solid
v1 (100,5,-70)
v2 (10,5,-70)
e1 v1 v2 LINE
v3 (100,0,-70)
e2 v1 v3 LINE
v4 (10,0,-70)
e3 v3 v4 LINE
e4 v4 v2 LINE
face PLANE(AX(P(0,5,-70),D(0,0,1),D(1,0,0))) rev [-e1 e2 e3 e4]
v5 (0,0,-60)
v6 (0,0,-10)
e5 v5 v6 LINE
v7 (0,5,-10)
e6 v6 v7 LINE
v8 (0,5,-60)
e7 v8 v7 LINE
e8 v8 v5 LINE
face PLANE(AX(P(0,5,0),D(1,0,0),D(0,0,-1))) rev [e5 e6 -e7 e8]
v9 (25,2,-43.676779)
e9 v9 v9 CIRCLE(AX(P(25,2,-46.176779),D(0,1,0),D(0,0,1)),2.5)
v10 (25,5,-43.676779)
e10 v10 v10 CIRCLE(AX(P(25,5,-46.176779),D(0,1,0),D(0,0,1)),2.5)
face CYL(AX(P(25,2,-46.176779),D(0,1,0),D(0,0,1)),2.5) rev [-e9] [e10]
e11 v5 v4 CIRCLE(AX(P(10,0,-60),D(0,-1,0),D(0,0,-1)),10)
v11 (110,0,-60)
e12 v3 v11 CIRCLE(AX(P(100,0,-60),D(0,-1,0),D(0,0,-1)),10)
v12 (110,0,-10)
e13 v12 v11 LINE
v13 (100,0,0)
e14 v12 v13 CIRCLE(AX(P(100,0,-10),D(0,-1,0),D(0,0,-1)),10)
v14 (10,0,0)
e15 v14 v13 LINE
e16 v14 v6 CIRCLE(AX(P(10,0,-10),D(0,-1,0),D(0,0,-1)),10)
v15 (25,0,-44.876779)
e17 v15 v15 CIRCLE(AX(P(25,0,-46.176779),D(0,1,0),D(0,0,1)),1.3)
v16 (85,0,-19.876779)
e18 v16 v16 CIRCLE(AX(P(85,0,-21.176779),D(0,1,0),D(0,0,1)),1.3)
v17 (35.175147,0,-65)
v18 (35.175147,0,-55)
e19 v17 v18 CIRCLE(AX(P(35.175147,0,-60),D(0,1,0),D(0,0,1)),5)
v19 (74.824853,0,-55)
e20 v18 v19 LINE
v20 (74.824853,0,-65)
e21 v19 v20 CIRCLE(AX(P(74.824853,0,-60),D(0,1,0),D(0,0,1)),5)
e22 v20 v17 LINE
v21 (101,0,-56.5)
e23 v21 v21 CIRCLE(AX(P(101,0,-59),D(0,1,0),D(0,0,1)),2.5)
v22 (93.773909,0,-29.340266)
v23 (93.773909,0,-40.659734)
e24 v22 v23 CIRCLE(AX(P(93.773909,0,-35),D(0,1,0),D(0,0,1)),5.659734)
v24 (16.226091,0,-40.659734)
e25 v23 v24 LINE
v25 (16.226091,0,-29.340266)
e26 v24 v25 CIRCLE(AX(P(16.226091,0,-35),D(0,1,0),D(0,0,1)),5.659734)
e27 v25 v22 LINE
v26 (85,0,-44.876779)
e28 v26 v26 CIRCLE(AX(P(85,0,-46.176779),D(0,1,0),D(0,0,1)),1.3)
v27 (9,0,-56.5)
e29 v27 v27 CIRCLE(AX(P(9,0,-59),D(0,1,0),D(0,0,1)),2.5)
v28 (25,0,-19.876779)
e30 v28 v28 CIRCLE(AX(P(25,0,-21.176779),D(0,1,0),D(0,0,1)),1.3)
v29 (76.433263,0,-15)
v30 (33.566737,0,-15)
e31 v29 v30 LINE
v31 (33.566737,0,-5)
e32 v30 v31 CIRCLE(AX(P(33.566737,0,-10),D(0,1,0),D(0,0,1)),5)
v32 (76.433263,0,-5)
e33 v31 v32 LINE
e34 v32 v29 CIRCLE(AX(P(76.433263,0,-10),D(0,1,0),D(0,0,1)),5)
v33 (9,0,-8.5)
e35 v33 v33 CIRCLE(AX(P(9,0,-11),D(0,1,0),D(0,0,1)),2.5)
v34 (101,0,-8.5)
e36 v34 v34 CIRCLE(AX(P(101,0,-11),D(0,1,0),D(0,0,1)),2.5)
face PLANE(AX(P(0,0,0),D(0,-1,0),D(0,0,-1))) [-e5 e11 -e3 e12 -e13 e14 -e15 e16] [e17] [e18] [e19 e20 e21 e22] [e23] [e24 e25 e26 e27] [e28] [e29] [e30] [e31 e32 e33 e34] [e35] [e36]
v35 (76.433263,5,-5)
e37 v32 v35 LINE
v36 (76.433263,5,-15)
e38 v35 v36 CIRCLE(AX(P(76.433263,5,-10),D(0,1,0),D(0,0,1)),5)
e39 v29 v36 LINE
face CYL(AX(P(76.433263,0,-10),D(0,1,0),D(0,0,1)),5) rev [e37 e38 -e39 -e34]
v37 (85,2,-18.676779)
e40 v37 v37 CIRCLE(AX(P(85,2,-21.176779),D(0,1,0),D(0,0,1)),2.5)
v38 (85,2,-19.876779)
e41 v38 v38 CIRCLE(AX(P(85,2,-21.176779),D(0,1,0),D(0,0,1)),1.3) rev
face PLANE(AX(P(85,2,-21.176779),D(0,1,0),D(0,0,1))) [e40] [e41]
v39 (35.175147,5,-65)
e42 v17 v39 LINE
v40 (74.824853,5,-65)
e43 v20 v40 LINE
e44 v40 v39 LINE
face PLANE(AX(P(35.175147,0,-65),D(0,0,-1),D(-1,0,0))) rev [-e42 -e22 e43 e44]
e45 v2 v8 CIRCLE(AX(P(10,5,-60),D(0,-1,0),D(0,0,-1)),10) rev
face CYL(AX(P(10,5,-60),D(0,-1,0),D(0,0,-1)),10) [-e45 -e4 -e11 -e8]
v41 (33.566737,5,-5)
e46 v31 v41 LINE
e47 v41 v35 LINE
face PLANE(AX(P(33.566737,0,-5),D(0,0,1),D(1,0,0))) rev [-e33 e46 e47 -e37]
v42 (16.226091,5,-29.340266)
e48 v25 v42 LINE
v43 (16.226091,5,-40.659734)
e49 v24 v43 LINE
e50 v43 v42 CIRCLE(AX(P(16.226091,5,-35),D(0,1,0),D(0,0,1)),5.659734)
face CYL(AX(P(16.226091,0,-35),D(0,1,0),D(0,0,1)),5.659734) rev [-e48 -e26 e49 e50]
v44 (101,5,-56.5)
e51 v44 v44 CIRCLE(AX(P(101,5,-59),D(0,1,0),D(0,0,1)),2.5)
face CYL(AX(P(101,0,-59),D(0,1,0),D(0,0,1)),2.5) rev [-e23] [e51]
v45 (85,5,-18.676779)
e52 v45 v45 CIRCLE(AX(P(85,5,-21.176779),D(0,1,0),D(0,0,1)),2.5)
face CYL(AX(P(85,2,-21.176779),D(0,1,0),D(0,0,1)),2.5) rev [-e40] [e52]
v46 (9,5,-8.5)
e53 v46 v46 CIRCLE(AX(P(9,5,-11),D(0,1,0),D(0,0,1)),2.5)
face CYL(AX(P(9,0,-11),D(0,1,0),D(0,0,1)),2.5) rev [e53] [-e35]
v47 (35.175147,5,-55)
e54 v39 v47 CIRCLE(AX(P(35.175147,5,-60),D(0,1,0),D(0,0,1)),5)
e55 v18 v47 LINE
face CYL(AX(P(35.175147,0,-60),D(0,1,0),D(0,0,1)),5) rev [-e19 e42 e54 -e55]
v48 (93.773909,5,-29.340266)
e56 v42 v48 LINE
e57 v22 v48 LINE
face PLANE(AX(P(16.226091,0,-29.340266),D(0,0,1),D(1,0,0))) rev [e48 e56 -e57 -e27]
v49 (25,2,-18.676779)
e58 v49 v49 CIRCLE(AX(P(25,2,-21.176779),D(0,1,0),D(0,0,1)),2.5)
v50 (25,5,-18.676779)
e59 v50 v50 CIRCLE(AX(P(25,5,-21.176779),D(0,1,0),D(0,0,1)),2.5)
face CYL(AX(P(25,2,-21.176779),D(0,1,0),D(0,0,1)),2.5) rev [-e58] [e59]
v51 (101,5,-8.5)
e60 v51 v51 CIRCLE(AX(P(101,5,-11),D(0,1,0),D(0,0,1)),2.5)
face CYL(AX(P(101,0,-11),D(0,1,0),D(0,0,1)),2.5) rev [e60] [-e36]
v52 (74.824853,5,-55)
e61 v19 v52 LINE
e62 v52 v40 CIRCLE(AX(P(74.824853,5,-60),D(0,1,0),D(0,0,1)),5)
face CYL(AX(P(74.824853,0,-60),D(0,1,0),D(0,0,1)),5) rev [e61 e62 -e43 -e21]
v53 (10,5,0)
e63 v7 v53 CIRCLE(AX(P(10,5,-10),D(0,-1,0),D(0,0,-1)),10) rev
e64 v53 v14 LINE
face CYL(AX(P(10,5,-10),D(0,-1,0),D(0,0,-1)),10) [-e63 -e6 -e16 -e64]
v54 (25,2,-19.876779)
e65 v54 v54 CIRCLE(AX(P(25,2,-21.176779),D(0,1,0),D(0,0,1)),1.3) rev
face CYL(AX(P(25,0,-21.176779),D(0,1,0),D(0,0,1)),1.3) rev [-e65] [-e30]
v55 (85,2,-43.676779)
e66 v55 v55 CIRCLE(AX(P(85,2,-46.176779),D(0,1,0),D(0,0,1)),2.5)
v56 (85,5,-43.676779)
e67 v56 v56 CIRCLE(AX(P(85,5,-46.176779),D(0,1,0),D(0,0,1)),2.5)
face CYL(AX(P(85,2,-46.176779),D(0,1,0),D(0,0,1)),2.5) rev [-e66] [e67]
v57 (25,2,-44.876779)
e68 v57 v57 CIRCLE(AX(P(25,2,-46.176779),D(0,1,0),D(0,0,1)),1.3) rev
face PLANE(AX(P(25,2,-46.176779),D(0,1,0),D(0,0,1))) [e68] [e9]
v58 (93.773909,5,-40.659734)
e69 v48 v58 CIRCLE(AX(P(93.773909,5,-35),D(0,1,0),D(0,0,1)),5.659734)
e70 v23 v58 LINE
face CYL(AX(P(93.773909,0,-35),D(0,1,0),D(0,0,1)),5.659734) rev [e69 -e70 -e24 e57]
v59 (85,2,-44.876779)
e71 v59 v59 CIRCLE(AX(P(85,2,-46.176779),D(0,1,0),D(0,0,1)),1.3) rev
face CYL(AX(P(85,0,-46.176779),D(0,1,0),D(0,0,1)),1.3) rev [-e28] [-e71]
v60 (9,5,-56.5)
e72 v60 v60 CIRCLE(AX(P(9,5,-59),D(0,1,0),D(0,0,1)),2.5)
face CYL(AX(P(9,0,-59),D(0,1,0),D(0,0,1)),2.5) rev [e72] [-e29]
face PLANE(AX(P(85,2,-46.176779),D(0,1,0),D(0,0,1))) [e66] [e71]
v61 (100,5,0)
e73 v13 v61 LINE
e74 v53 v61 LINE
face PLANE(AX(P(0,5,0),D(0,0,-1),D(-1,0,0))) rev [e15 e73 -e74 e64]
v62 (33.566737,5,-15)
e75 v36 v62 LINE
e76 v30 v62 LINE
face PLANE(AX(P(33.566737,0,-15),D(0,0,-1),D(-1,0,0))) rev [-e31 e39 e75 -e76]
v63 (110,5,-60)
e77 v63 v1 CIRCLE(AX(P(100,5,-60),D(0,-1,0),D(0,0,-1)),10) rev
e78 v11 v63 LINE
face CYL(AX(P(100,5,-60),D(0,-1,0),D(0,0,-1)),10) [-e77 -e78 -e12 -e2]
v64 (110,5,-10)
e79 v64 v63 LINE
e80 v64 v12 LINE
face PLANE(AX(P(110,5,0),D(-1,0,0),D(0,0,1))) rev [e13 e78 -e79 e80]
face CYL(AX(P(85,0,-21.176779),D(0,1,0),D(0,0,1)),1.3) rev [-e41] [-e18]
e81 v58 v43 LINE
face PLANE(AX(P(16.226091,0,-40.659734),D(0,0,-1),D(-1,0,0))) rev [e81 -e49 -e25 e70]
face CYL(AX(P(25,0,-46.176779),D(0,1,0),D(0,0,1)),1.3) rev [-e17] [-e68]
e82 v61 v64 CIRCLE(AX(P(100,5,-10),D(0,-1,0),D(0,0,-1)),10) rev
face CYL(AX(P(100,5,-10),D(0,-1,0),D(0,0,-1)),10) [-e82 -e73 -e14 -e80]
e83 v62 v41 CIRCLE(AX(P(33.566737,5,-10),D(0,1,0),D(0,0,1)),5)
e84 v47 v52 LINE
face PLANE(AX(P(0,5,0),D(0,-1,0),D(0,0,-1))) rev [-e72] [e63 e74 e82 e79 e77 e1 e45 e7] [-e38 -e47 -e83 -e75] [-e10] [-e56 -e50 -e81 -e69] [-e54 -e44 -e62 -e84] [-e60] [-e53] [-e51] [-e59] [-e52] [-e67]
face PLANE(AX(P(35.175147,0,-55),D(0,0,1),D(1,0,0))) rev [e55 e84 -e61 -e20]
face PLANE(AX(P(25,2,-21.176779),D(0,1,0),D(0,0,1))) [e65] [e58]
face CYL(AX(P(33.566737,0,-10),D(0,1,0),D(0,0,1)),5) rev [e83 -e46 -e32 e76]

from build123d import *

# Parameters (mm, degrees)
ESQUISSE1_W             = 110
ESQUISSE1_H             = 70
BOSS_EXTRU_1_DEPTH      = 5
ESQUISSE2_R             = 2.5
ESQUISSE2_R_2           = 1.3
ENL_V_MAT_EXTRU_1_DEPTH = 131.479883507
ESQUISSE4_R             = 2.5
ENL_V_MAT_EXTRU_2_DEPTH = 3
ENL_V_MAT_EXTRU_3_DEPTH = 131.479883507
CONG_1_R                = 10


with BuildPart() as part:
    # Esquisse1 → Boss.-Extru.1 (new body)
    with BuildSketch(Plane(origin=(0, 0, 0), x_dir=(1, 0, 0), z_dir=(0, 1, 0))):
        with Locations((55, 35)):
            Rectangle(ESQUISSE1_W, ESQUISSE1_H)
    extrude(amount=BOSS_EXTRU_1_DEPTH)

    # Esquisse2 → Enlèv. mat.-Extru.1 (cut, through all)
    with BuildSketch(Plane(origin=(0, 5, 0), x_dir=(1, 0, 0), z_dir=(0, 1, 0))):
        with Locations(Location((9, 59, 0), (0, 0, 270))):
            Circle(ESQUISSE2_R)
        with Locations(Location((9, 11, 0), (0, 0, 270))):
            Circle(ESQUISSE2_R)
        with Locations(Location((101, 11, 0), (0, 0, 270))):
            Circle(ESQUISSE2_R)
        with Locations(Location((101, 59, 0), (0, 0, 270))):
            Circle(ESQUISSE2_R)
        with Locations(Location((25, 46.176778867, 0), (0, 0, 270))):
            Circle(ESQUISSE2_R_2)
        with Locations(Location((25, 21.176778867, 0), (0, 0, 270))):
            Circle(ESQUISSE2_R_2)
        with Locations(Location((85, 21.176778867, 0), (0, 0, 270))):
            Circle(ESQUISSE2_R_2)
        with Locations(Location((85, 46.176778867, 0), (0, 0, 270))):
            Circle(ESQUISSE2_R_2)
    extrude(amount=-ENL_V_MAT_EXTRU_1_DEPTH, mode=Mode.SUBTRACT)

    # Esquisse4 → Enlèv. mat.-Extru.2 (cut)
    with BuildSketch(Plane(origin=(0, 5, 0), x_dir=(1, 0, 0), z_dir=(0, 1, 0))):
        with Locations(Location((25, 46.176778867, 0), (0, 0, 270))):
            Circle(ESQUISSE4_R)
        with Locations(Location((25, 21.176778867, 0), (0, 0, 270))):
            Circle(ESQUISSE4_R)
        with Locations(Location((85, 21.176778867, 0), (0, 0, 270))):
            Circle(ESQUISSE4_R)
        with Locations(Location((85, 46.176778867, 0), (0, 0, 270))):
            Circle(ESQUISSE4_R)
    extrude(amount=-ENL_V_MAT_EXTRU_2_DEPTH, mode=Mode.SUBTRACT)

    # Esquisse5 → Enlèv. mat.-Extru.3 (cut, through all)
    with BuildSketch(Plane(origin=(0, 5, 0), x_dir=(1, 0, 0), z_dir=(0, 1, 0))):
        with BuildLine():
            Line((35.175146904, 65), (74.824853096, 65))
            ThreePointArc((74.824853096, 65), (79.824853096, 60), (74.824853096, 55))
            Line((74.824853096, 55), (35.175146904, 55))
            ThreePointArc((35.175146904, 55), (30.175146904, 60), (35.175146904, 65))
        make_face()
        with BuildLine():
            Line((16.226090532, 40.659734035), (93.773909468, 40.659734035))
            ThreePointArc((93.773909468, 40.659734035), (99.433643503, 35), (93.773909468, 29.340265965))
            Line((93.773909468, 29.340265965), (16.226090532, 29.340265965))
            ThreePointArc((16.226090532, 29.340265965), (10.566356497, 35), (16.226090532, 40.659734035))
        make_face()
        with BuildLine():
            Line((33.566737233, 15), (76.433262767, 15))
            ThreePointArc((76.433262767, 15), (81.433262767, 10), (76.433262767, 5))
            Line((76.433262767, 5), (33.566737233, 5))
            ThreePointArc((33.566737233, 5), (28.566737233, 10), (33.566737233, 15))
        make_face()
    extrude(amount=-ENL_V_MAT_EXTRU_3_DEPTH, mode=Mode.SUBTRACT)

    # Congé1
    cong_1_edges = [part.edges().sort_by_distance(p)[0] for p in [
        (0, 2.5, -70),
        (110, 2.5, -70),
        (110, 2.5, 0),
        (0, 2.5, 0),
    ]]
    fillet(cong_1_edges, radius=CONG_1_R)


solid = part.part
